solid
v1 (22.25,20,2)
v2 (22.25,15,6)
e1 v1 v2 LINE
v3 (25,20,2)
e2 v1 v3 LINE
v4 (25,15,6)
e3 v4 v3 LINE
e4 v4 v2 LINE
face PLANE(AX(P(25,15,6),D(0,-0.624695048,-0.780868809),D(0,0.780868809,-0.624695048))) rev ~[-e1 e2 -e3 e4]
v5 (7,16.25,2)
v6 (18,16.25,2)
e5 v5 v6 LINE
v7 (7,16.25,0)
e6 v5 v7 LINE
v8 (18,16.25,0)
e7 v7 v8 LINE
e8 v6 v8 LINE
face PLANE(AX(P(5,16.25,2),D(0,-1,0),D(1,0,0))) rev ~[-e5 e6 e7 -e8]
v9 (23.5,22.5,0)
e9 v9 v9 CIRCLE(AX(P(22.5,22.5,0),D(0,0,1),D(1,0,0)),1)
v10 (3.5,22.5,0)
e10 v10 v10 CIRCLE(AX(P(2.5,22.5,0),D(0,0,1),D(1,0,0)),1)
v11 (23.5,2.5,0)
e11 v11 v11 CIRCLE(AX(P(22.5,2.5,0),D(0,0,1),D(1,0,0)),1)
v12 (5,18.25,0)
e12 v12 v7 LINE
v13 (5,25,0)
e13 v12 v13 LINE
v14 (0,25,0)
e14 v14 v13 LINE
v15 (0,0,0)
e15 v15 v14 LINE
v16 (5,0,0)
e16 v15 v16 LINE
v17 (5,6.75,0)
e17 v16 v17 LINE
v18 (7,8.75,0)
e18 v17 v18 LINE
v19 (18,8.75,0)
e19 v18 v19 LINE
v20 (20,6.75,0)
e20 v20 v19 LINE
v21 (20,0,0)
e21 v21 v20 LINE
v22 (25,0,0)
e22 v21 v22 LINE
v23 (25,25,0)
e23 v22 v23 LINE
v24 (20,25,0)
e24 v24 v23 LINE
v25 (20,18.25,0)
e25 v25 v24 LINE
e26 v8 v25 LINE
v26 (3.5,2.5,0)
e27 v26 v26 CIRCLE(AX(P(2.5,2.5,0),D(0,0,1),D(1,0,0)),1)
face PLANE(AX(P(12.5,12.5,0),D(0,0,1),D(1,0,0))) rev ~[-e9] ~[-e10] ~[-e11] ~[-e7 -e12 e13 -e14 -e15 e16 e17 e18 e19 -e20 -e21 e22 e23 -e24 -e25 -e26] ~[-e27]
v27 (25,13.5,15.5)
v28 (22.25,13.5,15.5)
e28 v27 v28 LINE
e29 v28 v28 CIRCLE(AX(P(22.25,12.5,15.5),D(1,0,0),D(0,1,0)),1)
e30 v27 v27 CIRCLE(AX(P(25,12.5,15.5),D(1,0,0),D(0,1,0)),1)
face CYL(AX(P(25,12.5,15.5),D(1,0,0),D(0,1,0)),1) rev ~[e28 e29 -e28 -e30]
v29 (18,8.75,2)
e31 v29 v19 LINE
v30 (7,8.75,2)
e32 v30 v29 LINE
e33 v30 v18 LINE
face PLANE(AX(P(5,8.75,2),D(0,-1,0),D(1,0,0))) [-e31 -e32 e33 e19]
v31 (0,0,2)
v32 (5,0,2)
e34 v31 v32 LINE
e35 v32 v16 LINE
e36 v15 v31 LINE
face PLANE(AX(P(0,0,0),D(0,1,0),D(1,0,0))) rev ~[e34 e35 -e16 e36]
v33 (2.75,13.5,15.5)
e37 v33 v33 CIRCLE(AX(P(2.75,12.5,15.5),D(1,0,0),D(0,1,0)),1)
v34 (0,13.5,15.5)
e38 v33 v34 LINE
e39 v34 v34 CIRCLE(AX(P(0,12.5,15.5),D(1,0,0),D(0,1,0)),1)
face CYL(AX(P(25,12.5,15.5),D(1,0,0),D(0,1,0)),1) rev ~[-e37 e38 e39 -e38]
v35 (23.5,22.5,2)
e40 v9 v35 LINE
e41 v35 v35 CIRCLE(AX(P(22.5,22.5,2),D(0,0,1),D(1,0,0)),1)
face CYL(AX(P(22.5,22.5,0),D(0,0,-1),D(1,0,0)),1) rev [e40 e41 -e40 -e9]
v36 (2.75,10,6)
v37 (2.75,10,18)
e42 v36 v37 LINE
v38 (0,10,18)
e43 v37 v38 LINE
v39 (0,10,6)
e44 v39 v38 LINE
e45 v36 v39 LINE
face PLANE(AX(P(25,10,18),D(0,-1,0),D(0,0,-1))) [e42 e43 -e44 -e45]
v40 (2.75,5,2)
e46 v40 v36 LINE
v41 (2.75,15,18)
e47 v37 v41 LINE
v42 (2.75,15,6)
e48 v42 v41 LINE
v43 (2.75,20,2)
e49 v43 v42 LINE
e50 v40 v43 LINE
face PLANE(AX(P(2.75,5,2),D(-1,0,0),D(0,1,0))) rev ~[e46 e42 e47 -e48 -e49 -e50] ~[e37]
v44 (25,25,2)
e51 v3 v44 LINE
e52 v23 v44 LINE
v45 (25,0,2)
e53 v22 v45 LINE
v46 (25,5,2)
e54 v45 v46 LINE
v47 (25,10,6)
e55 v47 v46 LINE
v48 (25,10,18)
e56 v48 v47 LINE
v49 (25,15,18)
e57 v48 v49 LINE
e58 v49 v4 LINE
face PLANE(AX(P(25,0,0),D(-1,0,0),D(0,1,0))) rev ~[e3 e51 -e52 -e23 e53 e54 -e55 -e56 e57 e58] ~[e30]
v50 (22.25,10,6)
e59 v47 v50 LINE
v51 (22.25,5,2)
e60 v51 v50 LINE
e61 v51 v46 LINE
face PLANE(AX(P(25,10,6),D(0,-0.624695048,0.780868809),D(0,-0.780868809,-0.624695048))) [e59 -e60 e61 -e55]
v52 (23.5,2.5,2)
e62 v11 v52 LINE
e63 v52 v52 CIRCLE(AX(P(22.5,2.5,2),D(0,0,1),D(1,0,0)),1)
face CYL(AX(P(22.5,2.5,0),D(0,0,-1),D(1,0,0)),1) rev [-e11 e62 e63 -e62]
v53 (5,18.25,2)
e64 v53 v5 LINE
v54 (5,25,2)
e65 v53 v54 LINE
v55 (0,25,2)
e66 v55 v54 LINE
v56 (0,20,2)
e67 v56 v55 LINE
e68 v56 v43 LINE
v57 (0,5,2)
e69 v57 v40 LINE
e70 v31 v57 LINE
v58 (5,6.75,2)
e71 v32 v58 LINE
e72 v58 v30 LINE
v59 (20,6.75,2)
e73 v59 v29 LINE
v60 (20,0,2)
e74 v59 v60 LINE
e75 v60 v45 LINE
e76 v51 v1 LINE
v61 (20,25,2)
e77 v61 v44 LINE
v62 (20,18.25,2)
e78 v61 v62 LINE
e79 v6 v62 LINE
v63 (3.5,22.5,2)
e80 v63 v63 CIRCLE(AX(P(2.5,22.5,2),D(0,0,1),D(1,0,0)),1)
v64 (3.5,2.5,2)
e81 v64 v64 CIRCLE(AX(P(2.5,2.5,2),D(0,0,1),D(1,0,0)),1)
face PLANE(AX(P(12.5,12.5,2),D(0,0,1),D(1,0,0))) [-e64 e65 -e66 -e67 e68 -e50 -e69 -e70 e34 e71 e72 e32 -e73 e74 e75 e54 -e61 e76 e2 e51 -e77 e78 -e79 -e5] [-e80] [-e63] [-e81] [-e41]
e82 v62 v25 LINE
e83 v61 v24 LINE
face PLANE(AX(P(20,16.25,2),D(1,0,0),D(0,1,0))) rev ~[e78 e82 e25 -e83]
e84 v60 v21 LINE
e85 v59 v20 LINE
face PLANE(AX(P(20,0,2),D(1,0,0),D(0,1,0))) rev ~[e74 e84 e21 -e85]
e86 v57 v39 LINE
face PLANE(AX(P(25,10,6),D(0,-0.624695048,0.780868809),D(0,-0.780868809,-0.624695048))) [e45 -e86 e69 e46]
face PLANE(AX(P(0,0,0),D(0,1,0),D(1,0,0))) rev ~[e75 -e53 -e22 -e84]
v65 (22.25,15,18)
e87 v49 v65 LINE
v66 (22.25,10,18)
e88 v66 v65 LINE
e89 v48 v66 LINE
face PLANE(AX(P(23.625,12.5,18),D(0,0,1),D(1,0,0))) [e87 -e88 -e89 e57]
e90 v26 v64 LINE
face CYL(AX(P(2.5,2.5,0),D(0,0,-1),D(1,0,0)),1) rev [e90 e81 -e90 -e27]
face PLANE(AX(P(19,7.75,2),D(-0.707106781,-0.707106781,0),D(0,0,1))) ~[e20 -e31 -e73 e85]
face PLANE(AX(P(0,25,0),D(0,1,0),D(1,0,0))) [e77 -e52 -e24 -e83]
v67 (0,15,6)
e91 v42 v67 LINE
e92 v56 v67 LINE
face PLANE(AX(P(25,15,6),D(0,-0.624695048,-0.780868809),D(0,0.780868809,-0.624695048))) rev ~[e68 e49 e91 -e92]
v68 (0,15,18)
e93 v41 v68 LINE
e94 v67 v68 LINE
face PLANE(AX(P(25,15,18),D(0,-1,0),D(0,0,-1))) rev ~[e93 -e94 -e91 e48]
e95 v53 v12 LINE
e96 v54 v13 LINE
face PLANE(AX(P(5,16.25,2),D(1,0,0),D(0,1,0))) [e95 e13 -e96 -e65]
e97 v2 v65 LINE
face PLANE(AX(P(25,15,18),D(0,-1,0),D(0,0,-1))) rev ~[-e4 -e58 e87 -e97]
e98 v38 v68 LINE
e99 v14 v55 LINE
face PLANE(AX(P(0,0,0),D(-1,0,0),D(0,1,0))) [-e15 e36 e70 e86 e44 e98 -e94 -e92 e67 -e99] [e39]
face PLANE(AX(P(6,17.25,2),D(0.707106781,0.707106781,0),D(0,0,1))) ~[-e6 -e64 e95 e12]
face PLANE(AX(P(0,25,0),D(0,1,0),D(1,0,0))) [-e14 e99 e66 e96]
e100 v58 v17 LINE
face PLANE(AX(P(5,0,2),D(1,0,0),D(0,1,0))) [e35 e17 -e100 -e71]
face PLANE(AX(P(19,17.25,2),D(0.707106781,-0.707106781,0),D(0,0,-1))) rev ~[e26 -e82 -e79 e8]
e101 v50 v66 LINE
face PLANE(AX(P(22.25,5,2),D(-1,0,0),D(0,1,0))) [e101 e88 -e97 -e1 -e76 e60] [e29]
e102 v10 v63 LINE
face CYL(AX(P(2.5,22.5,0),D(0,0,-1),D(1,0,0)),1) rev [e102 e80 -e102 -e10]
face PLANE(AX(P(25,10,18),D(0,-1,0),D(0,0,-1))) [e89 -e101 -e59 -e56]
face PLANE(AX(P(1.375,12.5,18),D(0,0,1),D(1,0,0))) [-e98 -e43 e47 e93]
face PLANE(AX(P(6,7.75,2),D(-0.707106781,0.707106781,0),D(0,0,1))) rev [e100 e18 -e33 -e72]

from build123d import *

# Parameters (mm, degrees)
SKETCH_W        = 25
SKETCH_H        = 25
SKETCH_R        = 1
PAD_DEPTH       = 2
SKETCH001_W     = 2.75
SKETCH001_H     = 15
PAD001_DEPTH    = 16
SKETCH002_W     = 15
SKETCH002_H     = 8.75
POCKET_DEPTH    = 100
CHAMFER_SIZE    = 2
SKETCH003_R     = 1
POCKET001_DEPTH = 100
POCKET002_DEPTH = 100


with BuildPart() as part:
    # Sketch → Pad (new body)
    with BuildSketch(Plane.XY):
        with Locations((12.5, 12.5)):
            Rectangle(SKETCH_W, SKETCH_H)
        with Locations((2.5, 22.5)):
            Circle(SKETCH_R, mode=Mode.SUBTRACT)
        with Locations((22.5, 22.5)):
            Circle(SKETCH_R, mode=Mode.SUBTRACT)
        with Locations((22.5, 2.5)):
            Circle(SKETCH_R, mode=Mode.SUBTRACT)
        with Locations((2.5, 2.5)):
            Circle(SKETCH_R, mode=Mode.SUBTRACT)
    extrude(amount=PAD_DEPTH)

    # Sketch001 (on Face10 of Pad) → Pad001 (join)
    with BuildSketch(Plane.XY.offset(2)):
        with Locations((1.375, 12.5)):
            Rectangle(SKETCH001_W, SKETCH001_H)
        with Locations((23.625, 12.5)):
            Rectangle(SKETCH001_W, SKETCH001_H)
    extrude(amount=PAD001_DEPTH)

    # Sketch002 (on Face5 of Pad001) → Pocket (cut)
    with BuildSketch(Plane.XY.offset(2)):
        with Locations((12.5, 20.625)):
            Rectangle(SKETCH002_W, SKETCH002_H)
        with Locations((12.5, 4.375)):
            Rectangle(SKETCH002_W, SKETCH002_H)
    extrude(amount=-POCKET_DEPTH, mode=Mode.SUBTRACT)

    # Chamfer
    chamfer_edges = [part.edges().sort_by_distance(p)[0] for p in [
        (20, 16.25, 1),
        (5, 16.25, 1),
        (5, 8.75, 1),
        (20, 8.75, 1),
    ]]
    chamfer(chamfer_edges, length=CHAMFER_SIZE)

    # Sketch003 (on Face24 of Chamfer) → Pocket001 (cut)
    with BuildSketch(Plane.YZ.offset(25)):
        with Locations((12.5, 15.5)):
            Circle(SKETCH003_R)
    extrude(amount=-POCKET001_DEPTH, mode=Mode.SUBTRACT)

    # Sketch004 (on Face24 of Pocket001) → Pocket002 (cut)
    with BuildSketch(Plane.YZ.offset(25)):
        Polygon((10, 18), (10, 6), (5, 2), (5, 18), align=None)
        Polygon((15, 18), (15, 6), (20, 2), (20, 18), align=None)
    extrude(amount=-POCKET002_DEPTH, mode=Mode.SUBTRACT)


solid = part.part
